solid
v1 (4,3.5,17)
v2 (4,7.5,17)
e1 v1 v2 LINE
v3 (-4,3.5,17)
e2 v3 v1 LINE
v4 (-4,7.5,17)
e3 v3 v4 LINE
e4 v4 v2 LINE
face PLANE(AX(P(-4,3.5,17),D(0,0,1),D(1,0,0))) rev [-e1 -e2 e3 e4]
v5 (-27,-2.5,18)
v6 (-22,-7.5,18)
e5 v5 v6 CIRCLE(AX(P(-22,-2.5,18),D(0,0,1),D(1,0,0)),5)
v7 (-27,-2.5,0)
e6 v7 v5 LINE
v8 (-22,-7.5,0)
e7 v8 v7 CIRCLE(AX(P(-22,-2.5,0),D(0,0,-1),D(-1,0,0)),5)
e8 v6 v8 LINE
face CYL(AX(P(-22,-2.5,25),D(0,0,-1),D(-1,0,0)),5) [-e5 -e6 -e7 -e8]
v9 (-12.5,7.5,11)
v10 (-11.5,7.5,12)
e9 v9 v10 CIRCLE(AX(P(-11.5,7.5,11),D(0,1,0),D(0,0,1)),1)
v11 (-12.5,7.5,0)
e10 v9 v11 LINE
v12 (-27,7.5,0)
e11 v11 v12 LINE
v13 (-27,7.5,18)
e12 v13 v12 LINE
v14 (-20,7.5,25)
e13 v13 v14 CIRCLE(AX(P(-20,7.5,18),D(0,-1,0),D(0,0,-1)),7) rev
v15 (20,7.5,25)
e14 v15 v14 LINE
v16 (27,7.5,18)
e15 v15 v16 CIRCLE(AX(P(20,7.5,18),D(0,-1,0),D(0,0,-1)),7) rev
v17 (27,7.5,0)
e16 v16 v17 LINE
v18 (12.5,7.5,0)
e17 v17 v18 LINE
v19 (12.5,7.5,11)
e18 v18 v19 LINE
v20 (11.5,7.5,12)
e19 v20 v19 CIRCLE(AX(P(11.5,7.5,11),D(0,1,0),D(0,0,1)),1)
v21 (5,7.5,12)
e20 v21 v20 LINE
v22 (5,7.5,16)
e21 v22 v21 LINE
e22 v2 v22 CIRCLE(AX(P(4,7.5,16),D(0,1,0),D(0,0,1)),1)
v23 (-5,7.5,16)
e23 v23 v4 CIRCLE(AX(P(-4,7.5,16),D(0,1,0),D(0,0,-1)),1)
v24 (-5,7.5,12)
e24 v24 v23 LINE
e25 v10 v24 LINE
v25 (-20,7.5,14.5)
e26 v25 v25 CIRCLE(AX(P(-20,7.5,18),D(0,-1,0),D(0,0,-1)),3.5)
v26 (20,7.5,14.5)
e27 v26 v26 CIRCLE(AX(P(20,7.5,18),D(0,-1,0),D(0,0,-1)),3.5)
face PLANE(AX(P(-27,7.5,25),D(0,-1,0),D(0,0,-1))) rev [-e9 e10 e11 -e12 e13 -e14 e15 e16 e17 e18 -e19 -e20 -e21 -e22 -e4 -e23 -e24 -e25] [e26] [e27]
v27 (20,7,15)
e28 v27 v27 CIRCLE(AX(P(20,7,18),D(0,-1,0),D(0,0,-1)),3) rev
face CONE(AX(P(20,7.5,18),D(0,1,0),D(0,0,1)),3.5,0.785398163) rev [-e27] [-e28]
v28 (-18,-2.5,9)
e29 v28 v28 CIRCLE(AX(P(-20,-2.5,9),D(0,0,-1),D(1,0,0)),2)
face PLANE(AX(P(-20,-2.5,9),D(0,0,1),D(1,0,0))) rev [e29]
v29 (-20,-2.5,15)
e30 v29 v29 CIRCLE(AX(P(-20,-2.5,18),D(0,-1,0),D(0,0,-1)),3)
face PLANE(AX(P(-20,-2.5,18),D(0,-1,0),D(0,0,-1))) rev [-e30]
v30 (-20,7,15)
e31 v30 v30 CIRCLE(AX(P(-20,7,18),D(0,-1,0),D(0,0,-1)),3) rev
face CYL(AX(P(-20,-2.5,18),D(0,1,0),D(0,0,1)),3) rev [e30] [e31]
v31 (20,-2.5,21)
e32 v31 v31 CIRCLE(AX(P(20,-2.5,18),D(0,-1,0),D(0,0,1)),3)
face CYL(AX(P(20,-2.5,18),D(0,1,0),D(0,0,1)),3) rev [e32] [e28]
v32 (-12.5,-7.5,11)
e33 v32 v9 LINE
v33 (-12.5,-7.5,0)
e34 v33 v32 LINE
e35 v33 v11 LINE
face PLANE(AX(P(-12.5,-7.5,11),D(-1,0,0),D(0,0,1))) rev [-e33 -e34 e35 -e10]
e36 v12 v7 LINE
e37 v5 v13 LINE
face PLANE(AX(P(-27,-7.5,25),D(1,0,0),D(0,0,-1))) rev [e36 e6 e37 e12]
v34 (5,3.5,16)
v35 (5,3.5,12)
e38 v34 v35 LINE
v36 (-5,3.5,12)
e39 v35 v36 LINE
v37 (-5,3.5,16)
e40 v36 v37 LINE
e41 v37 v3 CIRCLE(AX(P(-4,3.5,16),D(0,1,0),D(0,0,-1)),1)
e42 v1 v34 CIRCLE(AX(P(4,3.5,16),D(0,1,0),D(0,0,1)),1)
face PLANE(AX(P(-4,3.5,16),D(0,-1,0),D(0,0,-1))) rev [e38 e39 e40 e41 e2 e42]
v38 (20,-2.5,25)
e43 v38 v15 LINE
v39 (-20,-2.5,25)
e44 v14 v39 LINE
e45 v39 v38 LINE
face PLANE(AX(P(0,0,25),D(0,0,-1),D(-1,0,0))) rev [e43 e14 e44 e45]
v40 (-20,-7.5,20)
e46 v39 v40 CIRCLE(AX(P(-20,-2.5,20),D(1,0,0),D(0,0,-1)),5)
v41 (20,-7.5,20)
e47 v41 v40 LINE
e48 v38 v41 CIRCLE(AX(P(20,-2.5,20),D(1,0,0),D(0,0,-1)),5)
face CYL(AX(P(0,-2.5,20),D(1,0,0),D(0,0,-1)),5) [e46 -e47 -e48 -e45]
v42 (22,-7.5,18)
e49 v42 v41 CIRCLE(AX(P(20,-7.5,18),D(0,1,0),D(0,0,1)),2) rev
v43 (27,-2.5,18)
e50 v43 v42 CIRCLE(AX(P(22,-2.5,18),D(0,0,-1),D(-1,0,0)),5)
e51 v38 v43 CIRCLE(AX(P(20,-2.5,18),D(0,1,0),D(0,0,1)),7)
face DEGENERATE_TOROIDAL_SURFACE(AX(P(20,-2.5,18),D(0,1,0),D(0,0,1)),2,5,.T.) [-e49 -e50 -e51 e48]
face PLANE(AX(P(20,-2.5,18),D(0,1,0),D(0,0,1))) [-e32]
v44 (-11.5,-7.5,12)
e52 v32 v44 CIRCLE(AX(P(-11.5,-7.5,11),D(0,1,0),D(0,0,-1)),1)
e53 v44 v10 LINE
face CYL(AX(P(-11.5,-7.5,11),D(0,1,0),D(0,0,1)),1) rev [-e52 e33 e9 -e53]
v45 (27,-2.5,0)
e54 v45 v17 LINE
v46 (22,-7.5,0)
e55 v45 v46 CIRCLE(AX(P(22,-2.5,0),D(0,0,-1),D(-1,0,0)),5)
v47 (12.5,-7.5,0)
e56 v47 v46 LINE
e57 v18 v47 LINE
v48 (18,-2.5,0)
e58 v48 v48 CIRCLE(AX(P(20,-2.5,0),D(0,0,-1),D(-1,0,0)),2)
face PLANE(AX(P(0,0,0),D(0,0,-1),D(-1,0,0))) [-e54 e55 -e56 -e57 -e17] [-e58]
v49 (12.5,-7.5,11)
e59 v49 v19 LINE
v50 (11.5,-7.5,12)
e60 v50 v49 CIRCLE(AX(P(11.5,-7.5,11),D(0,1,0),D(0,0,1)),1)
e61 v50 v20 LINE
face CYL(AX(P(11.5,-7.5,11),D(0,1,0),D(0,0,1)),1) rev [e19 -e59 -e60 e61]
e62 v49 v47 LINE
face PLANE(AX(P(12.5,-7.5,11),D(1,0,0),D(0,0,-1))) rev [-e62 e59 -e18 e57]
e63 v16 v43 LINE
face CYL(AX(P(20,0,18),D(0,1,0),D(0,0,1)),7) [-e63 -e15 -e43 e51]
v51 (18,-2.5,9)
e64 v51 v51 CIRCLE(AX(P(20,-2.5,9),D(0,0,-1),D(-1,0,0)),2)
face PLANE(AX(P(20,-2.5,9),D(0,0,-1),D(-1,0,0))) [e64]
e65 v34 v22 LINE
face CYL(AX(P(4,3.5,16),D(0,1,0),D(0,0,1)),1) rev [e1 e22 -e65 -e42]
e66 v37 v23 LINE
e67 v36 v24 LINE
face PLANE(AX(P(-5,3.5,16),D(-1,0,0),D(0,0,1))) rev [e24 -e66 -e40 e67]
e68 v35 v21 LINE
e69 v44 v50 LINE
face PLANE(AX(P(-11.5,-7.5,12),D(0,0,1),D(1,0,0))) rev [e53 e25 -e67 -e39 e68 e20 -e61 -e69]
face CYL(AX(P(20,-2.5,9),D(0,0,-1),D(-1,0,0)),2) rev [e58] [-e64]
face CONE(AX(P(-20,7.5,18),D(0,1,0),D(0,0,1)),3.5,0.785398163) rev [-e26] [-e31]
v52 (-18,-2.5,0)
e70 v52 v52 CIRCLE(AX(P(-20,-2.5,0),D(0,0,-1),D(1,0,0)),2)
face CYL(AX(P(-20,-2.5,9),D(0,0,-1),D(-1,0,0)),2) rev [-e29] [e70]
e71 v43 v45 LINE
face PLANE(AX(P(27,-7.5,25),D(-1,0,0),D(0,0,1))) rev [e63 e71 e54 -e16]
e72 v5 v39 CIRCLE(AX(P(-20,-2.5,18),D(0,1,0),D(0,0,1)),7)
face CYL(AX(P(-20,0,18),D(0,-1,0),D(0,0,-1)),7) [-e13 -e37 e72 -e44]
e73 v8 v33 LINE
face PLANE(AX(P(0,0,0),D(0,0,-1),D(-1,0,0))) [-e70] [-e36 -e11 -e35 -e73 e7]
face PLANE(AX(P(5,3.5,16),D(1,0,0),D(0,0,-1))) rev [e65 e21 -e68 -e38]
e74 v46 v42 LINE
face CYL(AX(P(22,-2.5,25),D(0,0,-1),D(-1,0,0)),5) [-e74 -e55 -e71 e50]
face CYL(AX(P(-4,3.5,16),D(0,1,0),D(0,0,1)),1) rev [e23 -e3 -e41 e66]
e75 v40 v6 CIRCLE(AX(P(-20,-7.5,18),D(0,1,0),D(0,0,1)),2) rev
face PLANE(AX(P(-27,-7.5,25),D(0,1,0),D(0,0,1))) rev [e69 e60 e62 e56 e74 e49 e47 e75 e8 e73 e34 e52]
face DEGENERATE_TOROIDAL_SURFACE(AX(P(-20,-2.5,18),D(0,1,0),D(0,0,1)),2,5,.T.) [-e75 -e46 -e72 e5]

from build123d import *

# Parameters (mm, degrees)
SKETCH_1_W                = 54
SKETCH_1_H                = 15
EXTRUDE_1_DEPTH           = 25
SKETCH_2_R                = 3
CUT_EXTRUDE_4_DEPTH       = 10
SKETCH_3_R                = 2
CUT_EXTRUDE_5_DEPTH       = 9
FILLET_1_R                = 7
FILLET_2_R                = 5
CHAMFER_1_SIZE            = 0.5
CUT_EXTRUDE_11_DEPTH      = 40.736632973
CUT_EXTRUDE_11_DEPTH_BACK = 40.736632973
CUT_EXTRUDE_12_DEPTH      = 4


with BuildPart() as part:
    # 草图1 → 凸台-拉伸1 (new body)
    with BuildSketch(Plane.XY):
        Rectangle(SKETCH_1_W, SKETCH_1_H)
    extrude(amount=EXTRUDE_1_DEPTH)

    # 草图2 → 切除-拉伸4 (cut)
    with BuildSketch(Plane.XZ.offset(-7.5)):
        with Locations(Location((-20, 18, 0), (0, 0, 270))):
            Circle(SKETCH_2_R)
        with Locations(Location((20, 18, 0), (0, 0, 90))):
            Circle(SKETCH_2_R)
    extrude(amount=CUT_EXTRUDE_4_DEPTH, mode=Mode.SUBTRACT)

    # 草图3 → 切除-拉伸5 (cut)
    with BuildSketch(Plane(origin=(0, 0, 0), x_dir=(-1, 0, 0), z_dir=(0, 0, -1))):
        with Locations((-20, -2.5)):
            Circle(SKETCH_3_R)
        with Locations(Location((20, -2.5, 0), (0, 0, 180))):
            Circle(SKETCH_3_R)
    extrude(amount=-CUT_EXTRUDE_5_DEPTH, mode=Mode.SUBTRACT)

    # 圆角1
    fillet_1_edges = [part.edges().sort_by_distance(p)[0] for p in [
        (-27, 0, 25),
        (27, 0, 25),
    ]]
    fillet(fillet_1_edges, radius=FILLET_1_R)

    # 圆角2
    fillet_2_edges = [part.edges().sort_by_distance(p)[0] for p in [
        (0, -7.5, 25),
        (27, -7.5, 9),
        (-27, -7.5, 9),
        (-24.949747468, -7.5, 22.949747468),
        (24.949747468, -7.5, 22.949747468),
    ]]
    fillet(fillet_2_edges, radius=FILLET_2_R)

    # 倒角1
    chamfer_1_edges = [part.edges().sort_by_distance(p)[0] for p in [
        (-20, 7.5, 21),
        (20, 7.5, 15),
    ]]
    chamfer(chamfer_1_edges, length=CHAMFER_1_SIZE)

    # 草图4 → 切除-拉伸11 (cut, two sides: drawn at the far end of the back side and taken through both)
    with BuildSketch(Plane(origin=(0, 7.5, 0), x_dir=(1, 0, 0), z_dir=(0, 1, 0)).offset(-CUT_EXTRUDE_11_DEPTH_BACK)):
        with BuildLine():
            Line((-11.5, -12), (11.5, -12))
            ThreePointArc((11.5, -12), (12.207106781, -11.707106781), (12.5, -11))
            Line((12.5, -11), (12.5, 3))
            ThreePointArc((12.5, 3), (12.207106781, 3.707106781), (11.5, 4))
            Line((11.5, 4), (-11.5, 4))
            ThreePointArc((-11.5, 4), (-12.207106781, 3.707106781), (-12.5, 3))
            Line((-12.5, 3), (-12.5, -11))
            ThreePointArc((-12.5, -11), (-12.207106781, -11.707106781), (-11.5, -12))
        make_face()
    extrude(amount=CUT_EXTRUDE_11_DEPTH + CUT_EXTRUDE_11_DEPTH_BACK, mode=Mode.SUBTRACT)

    # 草图5 → 切除-拉伸12 (cut)
    with BuildSketch(Plane(origin=(0, 7.5, 0), x_dir=(1, 0, 0), z_dir=(0, 1, 0))):
        with BuildLine():
            Line((-4, -17), (4, -17))
            ThreePointArc((4, -17), (4.707106781, -16.707106781), (5, -16))
            Line((5, -16), (5, -12))
            Line((5, -12), (-5, -12))
            Line((-5, -12), (-5, -16))
            ThreePointArc((-5, -16), (-4.707106781, -16.707106781), (-4, -17))
        make_face()
    extrude(amount=-CUT_EXTRUDE_12_DEPTH, mode=Mode.SUBTRACT)


solid = part.part
